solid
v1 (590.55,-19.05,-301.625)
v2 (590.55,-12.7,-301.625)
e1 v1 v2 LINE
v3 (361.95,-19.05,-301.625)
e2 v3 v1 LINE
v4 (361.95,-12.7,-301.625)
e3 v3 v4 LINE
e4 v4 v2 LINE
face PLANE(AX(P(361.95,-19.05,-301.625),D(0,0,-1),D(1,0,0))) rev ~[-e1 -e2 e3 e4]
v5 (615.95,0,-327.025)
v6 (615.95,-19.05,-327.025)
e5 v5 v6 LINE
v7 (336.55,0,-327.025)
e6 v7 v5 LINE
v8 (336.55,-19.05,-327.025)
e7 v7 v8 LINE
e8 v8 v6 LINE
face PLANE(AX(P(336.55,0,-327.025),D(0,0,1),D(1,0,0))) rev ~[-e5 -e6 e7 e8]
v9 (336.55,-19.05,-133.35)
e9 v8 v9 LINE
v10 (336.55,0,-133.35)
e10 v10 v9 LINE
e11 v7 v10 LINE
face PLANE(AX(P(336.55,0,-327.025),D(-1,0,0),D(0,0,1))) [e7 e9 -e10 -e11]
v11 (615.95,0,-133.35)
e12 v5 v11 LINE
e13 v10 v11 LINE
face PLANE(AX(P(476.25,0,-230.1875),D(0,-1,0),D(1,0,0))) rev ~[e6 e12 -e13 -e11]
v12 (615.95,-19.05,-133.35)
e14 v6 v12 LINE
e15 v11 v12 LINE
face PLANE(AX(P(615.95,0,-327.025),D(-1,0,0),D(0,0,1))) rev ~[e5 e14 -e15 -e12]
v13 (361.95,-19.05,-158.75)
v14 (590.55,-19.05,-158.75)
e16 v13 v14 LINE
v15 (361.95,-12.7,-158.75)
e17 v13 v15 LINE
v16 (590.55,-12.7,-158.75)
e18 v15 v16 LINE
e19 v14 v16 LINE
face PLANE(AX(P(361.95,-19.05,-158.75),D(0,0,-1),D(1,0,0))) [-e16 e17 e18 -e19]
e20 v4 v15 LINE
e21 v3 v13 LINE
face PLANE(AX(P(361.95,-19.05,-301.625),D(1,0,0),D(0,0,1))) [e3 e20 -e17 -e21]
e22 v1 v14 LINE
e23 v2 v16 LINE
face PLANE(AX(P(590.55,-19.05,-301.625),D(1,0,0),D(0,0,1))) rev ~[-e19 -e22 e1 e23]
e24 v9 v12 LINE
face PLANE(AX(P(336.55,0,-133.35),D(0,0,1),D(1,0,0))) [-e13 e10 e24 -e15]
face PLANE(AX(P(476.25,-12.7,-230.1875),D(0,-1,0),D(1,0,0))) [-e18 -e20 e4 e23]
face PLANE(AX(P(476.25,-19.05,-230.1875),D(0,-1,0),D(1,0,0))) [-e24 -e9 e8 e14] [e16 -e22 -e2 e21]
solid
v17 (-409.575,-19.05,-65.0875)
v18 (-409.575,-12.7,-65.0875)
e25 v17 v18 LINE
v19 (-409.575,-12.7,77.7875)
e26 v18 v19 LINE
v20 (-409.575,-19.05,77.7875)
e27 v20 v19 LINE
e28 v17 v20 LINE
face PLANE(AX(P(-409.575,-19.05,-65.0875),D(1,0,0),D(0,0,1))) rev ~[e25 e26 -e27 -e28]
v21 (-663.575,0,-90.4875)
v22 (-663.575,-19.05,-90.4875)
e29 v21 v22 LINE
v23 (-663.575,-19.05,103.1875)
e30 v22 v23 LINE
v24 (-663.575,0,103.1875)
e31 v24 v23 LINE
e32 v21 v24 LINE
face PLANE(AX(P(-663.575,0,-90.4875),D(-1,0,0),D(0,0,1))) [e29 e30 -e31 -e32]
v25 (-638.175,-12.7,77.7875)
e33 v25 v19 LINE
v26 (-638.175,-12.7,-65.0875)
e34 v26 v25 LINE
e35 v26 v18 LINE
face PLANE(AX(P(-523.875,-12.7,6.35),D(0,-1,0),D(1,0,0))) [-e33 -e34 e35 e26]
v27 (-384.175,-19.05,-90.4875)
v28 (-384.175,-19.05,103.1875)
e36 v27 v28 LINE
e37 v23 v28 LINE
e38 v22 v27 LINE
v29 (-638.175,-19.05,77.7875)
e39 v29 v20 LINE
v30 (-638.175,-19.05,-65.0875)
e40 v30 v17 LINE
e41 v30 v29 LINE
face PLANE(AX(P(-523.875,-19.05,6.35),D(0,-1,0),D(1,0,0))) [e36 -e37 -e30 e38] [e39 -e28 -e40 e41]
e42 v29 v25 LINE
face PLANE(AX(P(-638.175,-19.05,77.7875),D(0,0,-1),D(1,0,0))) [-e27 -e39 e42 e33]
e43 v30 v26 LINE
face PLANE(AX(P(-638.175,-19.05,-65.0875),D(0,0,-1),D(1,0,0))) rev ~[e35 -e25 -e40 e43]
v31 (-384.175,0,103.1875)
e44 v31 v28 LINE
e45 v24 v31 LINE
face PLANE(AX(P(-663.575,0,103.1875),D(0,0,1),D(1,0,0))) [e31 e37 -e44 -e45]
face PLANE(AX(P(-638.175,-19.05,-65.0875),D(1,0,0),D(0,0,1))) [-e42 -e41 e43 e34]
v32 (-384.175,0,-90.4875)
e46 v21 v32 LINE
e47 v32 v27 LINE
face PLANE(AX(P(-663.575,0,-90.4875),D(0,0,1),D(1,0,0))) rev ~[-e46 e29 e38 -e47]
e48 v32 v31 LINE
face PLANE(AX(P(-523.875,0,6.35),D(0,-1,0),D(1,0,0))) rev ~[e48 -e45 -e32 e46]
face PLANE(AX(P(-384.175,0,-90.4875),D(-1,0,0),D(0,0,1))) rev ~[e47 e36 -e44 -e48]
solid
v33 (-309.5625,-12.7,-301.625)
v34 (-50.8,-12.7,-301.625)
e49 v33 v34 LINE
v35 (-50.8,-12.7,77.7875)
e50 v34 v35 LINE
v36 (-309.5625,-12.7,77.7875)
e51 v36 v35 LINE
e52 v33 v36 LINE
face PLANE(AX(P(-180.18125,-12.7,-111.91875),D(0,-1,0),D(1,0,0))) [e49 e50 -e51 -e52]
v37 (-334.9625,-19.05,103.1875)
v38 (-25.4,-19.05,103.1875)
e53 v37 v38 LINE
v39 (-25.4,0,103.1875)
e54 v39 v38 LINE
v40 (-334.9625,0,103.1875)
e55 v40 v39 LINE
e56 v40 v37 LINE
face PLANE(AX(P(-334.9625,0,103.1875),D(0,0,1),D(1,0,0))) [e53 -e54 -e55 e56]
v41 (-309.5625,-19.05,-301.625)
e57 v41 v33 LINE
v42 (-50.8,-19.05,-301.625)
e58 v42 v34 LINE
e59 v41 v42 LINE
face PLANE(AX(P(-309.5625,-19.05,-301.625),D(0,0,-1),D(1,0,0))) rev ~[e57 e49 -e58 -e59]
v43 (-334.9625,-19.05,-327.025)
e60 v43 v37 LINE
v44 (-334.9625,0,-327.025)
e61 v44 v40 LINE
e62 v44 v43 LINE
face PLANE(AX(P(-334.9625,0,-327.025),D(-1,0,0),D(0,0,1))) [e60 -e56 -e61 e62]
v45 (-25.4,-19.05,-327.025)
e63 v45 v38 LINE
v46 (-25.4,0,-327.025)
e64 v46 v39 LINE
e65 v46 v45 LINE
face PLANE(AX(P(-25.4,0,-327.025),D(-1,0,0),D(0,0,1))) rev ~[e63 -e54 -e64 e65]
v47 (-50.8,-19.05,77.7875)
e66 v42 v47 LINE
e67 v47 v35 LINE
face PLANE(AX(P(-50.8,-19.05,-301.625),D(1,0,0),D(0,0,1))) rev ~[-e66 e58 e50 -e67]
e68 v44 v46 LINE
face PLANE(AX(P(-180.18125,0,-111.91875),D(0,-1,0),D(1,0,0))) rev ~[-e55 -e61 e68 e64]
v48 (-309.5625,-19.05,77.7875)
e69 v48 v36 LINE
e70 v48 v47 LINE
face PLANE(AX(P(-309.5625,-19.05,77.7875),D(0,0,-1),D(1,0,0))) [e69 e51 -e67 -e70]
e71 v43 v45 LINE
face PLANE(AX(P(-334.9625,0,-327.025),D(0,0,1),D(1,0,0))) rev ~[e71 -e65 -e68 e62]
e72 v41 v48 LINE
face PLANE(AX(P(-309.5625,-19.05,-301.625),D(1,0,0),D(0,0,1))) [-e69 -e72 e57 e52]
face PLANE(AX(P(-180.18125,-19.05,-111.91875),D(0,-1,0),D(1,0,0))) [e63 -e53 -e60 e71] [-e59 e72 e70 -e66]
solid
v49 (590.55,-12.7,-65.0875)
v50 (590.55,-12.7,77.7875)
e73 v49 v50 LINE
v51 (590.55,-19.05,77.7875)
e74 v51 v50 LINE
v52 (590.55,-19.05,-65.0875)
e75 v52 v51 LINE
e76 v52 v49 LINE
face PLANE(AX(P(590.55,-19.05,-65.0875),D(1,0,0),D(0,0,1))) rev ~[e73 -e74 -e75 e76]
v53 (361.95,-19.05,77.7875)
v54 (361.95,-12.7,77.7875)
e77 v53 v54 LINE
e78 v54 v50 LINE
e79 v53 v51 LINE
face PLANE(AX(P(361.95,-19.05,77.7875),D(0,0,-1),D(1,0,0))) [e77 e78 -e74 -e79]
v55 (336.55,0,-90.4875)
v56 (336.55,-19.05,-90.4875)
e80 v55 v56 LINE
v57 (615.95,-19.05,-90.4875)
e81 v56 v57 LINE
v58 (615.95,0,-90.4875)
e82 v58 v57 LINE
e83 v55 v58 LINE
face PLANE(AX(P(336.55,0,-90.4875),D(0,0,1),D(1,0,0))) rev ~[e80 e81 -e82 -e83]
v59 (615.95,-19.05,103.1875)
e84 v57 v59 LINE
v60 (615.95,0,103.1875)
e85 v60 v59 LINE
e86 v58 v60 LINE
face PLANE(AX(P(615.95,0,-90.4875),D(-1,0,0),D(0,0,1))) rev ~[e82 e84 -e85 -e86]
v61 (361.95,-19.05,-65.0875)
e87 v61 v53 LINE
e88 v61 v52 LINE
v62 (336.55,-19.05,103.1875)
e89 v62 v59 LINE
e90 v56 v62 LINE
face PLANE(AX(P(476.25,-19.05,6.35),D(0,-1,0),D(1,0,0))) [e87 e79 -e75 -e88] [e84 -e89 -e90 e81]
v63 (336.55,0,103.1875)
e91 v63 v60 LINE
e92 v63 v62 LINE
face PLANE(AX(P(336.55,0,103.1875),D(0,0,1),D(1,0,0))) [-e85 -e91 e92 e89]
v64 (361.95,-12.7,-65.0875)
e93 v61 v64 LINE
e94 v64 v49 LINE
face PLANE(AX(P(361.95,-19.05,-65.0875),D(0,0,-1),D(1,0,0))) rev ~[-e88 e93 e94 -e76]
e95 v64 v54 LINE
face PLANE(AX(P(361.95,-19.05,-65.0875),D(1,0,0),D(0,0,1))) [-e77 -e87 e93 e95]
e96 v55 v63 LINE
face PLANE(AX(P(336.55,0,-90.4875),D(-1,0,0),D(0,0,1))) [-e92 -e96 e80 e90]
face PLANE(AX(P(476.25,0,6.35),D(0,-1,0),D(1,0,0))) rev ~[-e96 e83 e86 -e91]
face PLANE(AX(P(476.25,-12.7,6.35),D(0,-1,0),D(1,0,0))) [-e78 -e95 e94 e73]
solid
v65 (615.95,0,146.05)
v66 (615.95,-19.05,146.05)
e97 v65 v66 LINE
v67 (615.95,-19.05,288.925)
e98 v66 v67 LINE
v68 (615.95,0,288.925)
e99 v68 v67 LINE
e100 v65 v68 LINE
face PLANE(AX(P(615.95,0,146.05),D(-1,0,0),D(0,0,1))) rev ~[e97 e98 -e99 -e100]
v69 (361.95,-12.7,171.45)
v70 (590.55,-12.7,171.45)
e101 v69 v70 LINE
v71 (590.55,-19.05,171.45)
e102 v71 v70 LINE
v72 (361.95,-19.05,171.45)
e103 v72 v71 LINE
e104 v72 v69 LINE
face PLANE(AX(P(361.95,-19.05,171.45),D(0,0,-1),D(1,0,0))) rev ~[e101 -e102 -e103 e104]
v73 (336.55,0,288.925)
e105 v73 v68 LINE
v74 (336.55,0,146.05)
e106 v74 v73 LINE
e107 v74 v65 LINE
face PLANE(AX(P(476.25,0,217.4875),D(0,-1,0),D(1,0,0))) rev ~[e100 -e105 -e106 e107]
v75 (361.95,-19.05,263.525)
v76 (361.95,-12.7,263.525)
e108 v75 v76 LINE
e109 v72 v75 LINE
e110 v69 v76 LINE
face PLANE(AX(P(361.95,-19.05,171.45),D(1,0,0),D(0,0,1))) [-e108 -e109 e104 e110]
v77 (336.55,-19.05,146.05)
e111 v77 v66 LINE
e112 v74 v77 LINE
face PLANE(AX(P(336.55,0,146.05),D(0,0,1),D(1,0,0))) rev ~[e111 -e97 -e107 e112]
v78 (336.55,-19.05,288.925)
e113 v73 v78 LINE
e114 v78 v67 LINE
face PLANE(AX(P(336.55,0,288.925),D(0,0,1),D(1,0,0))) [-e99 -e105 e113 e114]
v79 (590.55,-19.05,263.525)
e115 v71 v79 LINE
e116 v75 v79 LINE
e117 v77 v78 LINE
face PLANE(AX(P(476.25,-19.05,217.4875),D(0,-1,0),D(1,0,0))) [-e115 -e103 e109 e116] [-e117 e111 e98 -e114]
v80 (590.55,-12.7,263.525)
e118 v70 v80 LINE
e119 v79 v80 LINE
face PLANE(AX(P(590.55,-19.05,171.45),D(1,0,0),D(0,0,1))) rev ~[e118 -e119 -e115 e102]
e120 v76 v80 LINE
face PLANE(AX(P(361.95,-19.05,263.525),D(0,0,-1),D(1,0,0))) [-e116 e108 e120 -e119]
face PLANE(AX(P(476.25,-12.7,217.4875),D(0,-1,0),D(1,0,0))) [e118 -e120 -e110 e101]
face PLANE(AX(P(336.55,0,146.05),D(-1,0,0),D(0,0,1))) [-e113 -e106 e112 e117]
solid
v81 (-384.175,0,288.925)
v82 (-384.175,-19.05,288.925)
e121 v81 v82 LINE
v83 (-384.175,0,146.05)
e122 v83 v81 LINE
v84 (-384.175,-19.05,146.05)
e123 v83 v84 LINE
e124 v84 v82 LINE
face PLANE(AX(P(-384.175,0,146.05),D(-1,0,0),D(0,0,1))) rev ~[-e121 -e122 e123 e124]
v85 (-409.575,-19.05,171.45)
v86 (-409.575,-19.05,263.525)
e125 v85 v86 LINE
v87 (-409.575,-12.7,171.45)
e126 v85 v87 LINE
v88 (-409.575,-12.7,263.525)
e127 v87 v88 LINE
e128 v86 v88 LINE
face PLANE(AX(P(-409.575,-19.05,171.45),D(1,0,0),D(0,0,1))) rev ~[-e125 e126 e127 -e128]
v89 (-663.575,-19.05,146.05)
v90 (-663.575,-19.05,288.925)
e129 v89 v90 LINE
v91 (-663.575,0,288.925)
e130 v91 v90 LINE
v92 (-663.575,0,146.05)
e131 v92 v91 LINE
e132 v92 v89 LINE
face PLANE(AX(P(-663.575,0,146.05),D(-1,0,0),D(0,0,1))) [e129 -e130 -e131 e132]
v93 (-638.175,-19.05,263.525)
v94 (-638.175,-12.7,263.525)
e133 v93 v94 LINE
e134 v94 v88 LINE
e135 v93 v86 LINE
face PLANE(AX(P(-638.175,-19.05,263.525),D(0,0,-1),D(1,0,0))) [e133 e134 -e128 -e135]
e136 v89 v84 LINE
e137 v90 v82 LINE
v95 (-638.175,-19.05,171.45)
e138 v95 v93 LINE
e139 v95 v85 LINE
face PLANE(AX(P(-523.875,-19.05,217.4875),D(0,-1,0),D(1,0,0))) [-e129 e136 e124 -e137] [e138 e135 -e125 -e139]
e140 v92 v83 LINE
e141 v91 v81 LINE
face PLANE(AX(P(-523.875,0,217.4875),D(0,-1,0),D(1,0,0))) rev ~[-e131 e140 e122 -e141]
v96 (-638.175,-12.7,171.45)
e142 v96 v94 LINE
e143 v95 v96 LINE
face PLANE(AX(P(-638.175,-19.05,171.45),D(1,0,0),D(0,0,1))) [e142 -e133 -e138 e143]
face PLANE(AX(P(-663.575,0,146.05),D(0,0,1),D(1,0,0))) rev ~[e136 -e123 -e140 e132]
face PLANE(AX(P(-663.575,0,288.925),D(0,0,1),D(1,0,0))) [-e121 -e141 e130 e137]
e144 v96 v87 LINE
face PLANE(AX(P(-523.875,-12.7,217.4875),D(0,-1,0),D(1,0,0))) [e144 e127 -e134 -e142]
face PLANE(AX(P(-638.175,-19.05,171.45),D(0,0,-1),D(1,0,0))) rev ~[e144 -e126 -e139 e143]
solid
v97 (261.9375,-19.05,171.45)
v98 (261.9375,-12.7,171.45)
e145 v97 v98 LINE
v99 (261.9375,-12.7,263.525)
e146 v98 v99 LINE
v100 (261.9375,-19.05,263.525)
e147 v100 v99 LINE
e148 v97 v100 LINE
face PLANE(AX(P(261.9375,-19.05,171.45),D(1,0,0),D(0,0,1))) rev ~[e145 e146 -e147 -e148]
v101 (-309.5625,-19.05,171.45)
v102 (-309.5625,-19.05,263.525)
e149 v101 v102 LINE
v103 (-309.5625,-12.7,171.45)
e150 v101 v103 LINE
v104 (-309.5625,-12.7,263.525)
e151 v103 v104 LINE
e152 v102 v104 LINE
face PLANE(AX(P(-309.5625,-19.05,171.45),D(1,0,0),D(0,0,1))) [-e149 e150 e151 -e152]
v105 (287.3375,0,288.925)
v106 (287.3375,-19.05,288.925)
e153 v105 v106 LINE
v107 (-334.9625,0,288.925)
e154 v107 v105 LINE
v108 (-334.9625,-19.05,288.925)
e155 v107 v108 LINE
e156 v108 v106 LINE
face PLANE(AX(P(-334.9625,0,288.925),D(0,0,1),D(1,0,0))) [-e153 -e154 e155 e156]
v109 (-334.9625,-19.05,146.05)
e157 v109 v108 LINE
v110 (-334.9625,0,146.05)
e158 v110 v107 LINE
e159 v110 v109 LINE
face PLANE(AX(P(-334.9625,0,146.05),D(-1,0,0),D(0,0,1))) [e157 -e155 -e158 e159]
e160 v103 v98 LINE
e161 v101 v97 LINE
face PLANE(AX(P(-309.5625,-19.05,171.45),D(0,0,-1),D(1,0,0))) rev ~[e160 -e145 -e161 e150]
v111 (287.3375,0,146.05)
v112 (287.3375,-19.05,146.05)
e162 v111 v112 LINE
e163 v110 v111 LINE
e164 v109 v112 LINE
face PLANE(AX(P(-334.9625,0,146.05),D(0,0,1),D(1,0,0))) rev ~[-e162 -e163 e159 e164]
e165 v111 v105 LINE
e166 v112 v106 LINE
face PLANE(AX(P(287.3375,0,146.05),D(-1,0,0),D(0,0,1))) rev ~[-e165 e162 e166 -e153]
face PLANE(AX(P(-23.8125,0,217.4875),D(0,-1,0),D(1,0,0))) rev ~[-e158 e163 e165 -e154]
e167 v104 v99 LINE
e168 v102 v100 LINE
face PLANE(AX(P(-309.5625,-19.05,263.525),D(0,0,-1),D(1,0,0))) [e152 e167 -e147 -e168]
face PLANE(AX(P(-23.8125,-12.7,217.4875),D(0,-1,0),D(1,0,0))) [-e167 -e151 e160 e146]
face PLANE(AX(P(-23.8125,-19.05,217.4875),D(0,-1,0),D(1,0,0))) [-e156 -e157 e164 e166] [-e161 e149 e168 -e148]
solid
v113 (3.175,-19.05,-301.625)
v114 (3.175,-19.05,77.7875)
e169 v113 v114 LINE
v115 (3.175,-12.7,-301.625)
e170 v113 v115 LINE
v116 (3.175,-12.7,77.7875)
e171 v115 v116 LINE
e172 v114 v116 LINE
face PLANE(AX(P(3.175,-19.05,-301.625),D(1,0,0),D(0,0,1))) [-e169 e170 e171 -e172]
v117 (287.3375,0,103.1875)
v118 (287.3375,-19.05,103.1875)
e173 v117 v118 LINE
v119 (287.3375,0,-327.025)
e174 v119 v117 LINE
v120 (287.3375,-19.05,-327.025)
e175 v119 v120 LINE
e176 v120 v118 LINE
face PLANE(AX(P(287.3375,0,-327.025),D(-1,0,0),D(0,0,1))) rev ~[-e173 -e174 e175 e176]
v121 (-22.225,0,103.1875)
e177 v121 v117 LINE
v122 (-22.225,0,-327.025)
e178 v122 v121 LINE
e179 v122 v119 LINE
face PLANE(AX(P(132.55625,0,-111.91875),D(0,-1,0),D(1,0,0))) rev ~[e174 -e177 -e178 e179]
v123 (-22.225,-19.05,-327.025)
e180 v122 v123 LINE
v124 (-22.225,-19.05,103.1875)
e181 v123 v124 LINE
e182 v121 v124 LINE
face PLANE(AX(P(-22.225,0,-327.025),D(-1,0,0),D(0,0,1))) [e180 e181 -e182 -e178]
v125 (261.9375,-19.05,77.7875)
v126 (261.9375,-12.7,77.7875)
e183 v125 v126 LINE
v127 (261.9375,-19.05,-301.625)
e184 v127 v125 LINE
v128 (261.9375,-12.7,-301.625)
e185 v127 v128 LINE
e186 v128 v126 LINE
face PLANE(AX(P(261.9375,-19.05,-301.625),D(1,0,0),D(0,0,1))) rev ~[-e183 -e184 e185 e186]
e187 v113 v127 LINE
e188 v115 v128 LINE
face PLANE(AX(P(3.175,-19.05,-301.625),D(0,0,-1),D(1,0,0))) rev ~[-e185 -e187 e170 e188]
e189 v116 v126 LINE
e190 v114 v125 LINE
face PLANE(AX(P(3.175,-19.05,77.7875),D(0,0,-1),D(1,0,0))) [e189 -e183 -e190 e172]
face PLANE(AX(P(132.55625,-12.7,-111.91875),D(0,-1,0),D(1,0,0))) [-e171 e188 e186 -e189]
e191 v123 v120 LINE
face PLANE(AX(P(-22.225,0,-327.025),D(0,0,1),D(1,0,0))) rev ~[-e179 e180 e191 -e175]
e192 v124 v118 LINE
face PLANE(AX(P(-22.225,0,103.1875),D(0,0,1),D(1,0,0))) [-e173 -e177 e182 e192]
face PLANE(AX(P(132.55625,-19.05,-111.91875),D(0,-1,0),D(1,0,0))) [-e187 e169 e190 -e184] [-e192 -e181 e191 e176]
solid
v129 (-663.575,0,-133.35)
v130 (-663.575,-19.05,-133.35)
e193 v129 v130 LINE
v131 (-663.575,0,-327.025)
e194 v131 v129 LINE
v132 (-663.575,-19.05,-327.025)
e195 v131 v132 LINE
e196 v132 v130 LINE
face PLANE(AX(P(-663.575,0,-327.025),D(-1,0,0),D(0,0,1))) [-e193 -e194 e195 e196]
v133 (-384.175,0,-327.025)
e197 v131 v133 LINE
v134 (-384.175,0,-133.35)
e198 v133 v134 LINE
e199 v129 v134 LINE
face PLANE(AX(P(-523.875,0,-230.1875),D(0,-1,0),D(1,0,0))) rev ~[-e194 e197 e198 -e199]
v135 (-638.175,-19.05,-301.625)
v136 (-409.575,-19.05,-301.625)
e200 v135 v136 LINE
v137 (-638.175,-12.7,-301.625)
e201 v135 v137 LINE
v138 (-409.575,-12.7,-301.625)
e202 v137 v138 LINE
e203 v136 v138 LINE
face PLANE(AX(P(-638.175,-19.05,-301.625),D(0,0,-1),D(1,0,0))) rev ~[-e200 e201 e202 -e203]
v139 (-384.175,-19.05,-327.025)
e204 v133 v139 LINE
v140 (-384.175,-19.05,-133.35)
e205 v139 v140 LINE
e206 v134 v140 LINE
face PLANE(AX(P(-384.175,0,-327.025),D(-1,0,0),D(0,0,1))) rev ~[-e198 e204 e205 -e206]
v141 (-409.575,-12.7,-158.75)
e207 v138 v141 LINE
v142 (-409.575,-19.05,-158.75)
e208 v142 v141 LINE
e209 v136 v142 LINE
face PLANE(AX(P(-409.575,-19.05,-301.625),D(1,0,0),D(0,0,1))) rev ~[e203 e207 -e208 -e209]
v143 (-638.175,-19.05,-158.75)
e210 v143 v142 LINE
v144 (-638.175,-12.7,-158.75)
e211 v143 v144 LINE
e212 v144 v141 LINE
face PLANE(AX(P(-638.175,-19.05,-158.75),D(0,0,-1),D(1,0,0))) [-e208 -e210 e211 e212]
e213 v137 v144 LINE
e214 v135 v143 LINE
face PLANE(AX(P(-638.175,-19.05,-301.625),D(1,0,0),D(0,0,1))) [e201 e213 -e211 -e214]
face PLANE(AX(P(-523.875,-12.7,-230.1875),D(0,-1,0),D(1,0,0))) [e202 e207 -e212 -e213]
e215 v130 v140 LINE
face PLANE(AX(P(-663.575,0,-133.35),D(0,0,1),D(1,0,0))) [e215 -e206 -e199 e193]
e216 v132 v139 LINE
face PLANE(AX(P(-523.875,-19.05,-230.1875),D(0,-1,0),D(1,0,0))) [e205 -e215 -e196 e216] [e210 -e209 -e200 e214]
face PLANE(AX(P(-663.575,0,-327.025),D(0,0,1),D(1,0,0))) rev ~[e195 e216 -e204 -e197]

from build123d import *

# Parameters (mm, degrees)
F0_W     = 279.4
F0_H     = 142.875
F0_W_2   = 622.3
F0_H_2   = 193.675
F0_W_3   = 309.5625
F0_H_3   = 430.2125
F1_DEPTH = 19.05
F2_W     = 228.6
F2_H     = 92.075
F2_H_2   = 142.875
F2_W_2   = 258.7625
F2_H_3   = 379.4125
F2_W_3   = 571.5
F3_DEPTH = 6.35


with BuildPart() as f1:
    # F0 (on Front) → F1 (new body)
    with BuildSketch(Plane.XZ):
        with Locations((-523.875, 217.4875)):
            Rectangle(F0_W, F0_H)
        with Locations((-23.8125, 217.4875)):
            Rectangle(F0_W_2, F0_H)
        with Locations((476.25, 217.4875)):
            Rectangle(F0_W, F0_H)
        with Locations((476.25, 6.35)):
            Rectangle(F0_W, F0_H_2)
        with Locations((476.25, -230.1875)):
            Rectangle(F0_W, F0_H_2)
        with Locations((132.55625, -111.91875)):
            Rectangle(F0_W_3, F0_H_3)
        with Locations((-180.18125, -111.91875)):
            Rectangle(F0_W_3, F0_H_3)
        with Locations((-523.875, 6.35)):
            Rectangle(F0_W, F0_H_2)
        with Locations((-523.875, -230.1875)):
            Rectangle(F0_W, F0_H_2)
    extrude(amount=F1_DEPTH)

    # F2 (on face) → F3 (cut)
    with BuildSketch(Plane.XZ.offset(19.05)):
        with Locations((-523.875, 217.4875)):
            Rectangle(F2_W, F2_H)
        with Locations((-523.875, 6.35)):
            Rectangle(F2_W, F2_H_2)
        with Locations((-523.875, -230.1875)):
            Rectangle(F2_W, F2_H_2)
        with Locations((-180.18125, -111.91875)):
            Rectangle(F2_W_2, F2_H_3)
        with Locations((-23.8125, 217.4875)):
            Rectangle(F2_W_3, F2_H)
        with Locations((132.55625, -111.91875)):
            Rectangle(F2_W_2, F2_H_3)
        with Locations((476.25, 217.4875)):
            Rectangle(F2_W, F2_H)
        with Locations((476.25, 6.35)):
            Rectangle(F2_W, F2_H_2)
        with Locations((476.25, -230.1875)):
            Rectangle(F2_W, F2_H_2)
    extrude(amount=-F3_DEPTH, mode=Mode.SUBTRACT)


solid = f1.part
